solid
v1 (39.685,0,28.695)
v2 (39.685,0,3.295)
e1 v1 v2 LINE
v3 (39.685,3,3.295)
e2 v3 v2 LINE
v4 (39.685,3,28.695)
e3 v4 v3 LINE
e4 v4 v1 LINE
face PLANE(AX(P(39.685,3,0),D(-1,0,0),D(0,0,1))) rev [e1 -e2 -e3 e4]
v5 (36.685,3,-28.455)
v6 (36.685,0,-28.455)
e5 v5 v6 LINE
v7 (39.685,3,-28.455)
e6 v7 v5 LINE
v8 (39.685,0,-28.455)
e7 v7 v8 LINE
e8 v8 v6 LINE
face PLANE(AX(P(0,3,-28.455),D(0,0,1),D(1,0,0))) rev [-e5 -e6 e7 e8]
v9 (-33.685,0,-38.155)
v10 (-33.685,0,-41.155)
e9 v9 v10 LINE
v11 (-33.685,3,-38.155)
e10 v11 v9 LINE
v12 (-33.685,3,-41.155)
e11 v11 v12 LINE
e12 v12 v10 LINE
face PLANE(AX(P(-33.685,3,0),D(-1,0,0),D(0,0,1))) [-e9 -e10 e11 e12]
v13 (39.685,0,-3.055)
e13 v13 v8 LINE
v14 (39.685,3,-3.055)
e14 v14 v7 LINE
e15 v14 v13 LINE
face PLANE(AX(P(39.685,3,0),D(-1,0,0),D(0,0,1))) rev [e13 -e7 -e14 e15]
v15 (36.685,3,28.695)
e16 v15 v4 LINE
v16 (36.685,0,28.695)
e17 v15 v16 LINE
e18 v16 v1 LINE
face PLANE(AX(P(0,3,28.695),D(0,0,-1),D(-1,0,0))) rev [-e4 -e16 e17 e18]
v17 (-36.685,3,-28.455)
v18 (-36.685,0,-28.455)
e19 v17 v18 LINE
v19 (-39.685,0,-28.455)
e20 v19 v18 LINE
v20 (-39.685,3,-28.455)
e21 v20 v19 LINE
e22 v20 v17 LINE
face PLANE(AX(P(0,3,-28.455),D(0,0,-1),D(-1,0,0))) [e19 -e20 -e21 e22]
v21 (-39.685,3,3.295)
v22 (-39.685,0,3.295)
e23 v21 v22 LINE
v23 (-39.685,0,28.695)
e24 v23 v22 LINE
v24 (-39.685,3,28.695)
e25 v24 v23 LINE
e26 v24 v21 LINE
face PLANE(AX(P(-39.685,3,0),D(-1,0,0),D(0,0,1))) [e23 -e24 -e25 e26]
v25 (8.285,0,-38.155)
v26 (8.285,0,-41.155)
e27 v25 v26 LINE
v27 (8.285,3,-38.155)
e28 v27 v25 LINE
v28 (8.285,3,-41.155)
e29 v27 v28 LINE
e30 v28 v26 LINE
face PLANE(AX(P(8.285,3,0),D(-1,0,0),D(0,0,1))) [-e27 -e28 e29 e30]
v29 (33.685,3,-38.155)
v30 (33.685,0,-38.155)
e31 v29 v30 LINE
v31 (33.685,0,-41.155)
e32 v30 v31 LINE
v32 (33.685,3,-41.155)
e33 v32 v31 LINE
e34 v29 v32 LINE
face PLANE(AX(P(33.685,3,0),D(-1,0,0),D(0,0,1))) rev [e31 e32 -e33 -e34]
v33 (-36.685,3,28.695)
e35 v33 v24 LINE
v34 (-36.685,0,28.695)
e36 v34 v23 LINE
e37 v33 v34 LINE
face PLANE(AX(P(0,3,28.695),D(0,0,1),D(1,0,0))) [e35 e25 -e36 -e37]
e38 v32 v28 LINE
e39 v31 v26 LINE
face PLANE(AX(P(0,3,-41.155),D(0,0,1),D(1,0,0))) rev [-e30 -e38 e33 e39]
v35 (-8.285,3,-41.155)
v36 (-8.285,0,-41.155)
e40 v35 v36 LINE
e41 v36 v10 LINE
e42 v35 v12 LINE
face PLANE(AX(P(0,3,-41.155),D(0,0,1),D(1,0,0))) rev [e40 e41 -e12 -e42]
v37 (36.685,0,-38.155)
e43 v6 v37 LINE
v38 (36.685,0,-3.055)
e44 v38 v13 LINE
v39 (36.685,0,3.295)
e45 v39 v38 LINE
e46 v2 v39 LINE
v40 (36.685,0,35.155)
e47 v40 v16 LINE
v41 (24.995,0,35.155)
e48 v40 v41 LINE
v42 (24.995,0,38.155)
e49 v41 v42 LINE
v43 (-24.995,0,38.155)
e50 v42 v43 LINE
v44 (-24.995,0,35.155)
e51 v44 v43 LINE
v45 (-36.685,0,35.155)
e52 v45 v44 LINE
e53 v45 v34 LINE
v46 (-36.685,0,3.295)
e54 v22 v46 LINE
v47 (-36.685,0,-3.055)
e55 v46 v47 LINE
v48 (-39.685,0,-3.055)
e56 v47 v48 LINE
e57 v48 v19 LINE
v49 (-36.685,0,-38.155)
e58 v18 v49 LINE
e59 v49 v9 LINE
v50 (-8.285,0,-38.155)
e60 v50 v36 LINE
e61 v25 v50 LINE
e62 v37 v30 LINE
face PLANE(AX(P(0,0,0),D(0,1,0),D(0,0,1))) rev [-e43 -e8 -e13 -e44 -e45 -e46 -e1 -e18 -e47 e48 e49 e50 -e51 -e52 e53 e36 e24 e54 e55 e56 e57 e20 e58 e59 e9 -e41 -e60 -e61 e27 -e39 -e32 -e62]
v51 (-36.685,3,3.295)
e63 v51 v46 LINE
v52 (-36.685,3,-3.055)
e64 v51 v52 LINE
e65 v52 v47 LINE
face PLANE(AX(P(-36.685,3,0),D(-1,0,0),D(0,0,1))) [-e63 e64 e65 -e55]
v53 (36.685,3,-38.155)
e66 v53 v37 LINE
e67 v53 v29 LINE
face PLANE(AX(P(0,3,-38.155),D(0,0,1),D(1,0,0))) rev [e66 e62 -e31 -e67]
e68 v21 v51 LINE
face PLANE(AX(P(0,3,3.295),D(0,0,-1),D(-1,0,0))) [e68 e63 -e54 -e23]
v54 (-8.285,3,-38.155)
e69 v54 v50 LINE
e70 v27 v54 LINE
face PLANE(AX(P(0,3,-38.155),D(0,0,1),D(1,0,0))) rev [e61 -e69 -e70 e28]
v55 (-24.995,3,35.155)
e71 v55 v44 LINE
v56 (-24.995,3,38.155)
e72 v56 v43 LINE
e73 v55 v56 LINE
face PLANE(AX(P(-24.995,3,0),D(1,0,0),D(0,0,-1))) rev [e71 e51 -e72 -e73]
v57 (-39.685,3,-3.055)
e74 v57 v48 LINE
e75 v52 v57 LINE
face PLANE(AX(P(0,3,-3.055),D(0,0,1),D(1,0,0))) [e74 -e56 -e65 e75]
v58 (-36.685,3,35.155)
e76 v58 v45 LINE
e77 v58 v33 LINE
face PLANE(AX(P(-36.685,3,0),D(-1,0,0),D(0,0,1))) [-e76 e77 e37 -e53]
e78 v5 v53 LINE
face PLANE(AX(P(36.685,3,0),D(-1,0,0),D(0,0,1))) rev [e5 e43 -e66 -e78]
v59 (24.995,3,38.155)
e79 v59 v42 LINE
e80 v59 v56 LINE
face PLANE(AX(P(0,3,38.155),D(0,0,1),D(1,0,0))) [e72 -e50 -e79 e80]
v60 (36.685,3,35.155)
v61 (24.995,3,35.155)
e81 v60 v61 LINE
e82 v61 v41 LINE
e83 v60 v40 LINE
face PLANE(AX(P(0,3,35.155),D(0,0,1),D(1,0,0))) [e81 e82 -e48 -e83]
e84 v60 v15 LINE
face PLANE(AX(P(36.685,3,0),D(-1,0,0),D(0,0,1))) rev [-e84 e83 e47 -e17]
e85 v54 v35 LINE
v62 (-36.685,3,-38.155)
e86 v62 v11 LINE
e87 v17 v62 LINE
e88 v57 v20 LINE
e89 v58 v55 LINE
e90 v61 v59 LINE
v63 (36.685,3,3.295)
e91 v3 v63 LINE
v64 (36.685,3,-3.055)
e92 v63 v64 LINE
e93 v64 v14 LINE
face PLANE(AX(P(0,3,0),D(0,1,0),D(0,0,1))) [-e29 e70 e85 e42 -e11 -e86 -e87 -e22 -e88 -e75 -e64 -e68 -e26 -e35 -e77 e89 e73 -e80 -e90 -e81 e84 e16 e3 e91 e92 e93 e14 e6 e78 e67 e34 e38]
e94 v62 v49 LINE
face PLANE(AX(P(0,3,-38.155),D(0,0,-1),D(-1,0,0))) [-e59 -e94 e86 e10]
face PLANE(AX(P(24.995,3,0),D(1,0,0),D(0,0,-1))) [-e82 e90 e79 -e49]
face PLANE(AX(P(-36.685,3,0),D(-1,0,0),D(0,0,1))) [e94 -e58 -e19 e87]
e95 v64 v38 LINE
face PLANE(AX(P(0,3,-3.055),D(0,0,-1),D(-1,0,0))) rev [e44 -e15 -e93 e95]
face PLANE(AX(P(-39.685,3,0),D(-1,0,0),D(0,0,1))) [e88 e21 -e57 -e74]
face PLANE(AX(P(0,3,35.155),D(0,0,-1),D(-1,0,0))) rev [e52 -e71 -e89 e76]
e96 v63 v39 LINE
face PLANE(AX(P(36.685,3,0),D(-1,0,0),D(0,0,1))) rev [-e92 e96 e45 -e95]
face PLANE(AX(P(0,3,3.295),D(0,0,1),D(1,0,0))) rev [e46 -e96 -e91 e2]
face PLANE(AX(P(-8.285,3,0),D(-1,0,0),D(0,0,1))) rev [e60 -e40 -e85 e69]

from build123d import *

# Parameters (mm, degrees)
BOSS_EXTRUDE1_DEPTH = 3


with BuildPart() as part:
    # Sketch1 → Boss-Extrude1 (new body)
    with BuildSketch(Plane(origin=(0, 0, 0), x_dir=(1, 0, 0), z_dir=(0, 1, 0))):
        Polygon((-24.995, -38.155), (24.995, -38.155), (24.995, -35.155), (36.685, -35.155), (36.685, -28.695), (39.685, -28.695), (39.685, -3.295), (36.685, -3.295), (36.685, 3.055), (39.685, 3.055), (39.685, 28.455), (36.685, 28.455), (36.685, 38.155), (33.685, 38.155), (33.685, 41.155), (8.285, 41.155), (8.285, 38.155), (-8.285, 38.155), (-8.285, 41.155), (-33.685, 41.155), (-33.685, 38.155), (-36.685, 38.155), (-36.685, 28.455), (-39.685, 28.455), (-39.685, 3.055), (-36.685, 3.055), (-36.685, -3.295), (-39.685, -3.295), (-39.685, -28.695), (-36.685, -28.695), (-36.685, -35.155), (-24.995, -35.155), align=None)
    extrude(amount=BOSS_EXTRUDE1_DEPTH)


solid = part.part
